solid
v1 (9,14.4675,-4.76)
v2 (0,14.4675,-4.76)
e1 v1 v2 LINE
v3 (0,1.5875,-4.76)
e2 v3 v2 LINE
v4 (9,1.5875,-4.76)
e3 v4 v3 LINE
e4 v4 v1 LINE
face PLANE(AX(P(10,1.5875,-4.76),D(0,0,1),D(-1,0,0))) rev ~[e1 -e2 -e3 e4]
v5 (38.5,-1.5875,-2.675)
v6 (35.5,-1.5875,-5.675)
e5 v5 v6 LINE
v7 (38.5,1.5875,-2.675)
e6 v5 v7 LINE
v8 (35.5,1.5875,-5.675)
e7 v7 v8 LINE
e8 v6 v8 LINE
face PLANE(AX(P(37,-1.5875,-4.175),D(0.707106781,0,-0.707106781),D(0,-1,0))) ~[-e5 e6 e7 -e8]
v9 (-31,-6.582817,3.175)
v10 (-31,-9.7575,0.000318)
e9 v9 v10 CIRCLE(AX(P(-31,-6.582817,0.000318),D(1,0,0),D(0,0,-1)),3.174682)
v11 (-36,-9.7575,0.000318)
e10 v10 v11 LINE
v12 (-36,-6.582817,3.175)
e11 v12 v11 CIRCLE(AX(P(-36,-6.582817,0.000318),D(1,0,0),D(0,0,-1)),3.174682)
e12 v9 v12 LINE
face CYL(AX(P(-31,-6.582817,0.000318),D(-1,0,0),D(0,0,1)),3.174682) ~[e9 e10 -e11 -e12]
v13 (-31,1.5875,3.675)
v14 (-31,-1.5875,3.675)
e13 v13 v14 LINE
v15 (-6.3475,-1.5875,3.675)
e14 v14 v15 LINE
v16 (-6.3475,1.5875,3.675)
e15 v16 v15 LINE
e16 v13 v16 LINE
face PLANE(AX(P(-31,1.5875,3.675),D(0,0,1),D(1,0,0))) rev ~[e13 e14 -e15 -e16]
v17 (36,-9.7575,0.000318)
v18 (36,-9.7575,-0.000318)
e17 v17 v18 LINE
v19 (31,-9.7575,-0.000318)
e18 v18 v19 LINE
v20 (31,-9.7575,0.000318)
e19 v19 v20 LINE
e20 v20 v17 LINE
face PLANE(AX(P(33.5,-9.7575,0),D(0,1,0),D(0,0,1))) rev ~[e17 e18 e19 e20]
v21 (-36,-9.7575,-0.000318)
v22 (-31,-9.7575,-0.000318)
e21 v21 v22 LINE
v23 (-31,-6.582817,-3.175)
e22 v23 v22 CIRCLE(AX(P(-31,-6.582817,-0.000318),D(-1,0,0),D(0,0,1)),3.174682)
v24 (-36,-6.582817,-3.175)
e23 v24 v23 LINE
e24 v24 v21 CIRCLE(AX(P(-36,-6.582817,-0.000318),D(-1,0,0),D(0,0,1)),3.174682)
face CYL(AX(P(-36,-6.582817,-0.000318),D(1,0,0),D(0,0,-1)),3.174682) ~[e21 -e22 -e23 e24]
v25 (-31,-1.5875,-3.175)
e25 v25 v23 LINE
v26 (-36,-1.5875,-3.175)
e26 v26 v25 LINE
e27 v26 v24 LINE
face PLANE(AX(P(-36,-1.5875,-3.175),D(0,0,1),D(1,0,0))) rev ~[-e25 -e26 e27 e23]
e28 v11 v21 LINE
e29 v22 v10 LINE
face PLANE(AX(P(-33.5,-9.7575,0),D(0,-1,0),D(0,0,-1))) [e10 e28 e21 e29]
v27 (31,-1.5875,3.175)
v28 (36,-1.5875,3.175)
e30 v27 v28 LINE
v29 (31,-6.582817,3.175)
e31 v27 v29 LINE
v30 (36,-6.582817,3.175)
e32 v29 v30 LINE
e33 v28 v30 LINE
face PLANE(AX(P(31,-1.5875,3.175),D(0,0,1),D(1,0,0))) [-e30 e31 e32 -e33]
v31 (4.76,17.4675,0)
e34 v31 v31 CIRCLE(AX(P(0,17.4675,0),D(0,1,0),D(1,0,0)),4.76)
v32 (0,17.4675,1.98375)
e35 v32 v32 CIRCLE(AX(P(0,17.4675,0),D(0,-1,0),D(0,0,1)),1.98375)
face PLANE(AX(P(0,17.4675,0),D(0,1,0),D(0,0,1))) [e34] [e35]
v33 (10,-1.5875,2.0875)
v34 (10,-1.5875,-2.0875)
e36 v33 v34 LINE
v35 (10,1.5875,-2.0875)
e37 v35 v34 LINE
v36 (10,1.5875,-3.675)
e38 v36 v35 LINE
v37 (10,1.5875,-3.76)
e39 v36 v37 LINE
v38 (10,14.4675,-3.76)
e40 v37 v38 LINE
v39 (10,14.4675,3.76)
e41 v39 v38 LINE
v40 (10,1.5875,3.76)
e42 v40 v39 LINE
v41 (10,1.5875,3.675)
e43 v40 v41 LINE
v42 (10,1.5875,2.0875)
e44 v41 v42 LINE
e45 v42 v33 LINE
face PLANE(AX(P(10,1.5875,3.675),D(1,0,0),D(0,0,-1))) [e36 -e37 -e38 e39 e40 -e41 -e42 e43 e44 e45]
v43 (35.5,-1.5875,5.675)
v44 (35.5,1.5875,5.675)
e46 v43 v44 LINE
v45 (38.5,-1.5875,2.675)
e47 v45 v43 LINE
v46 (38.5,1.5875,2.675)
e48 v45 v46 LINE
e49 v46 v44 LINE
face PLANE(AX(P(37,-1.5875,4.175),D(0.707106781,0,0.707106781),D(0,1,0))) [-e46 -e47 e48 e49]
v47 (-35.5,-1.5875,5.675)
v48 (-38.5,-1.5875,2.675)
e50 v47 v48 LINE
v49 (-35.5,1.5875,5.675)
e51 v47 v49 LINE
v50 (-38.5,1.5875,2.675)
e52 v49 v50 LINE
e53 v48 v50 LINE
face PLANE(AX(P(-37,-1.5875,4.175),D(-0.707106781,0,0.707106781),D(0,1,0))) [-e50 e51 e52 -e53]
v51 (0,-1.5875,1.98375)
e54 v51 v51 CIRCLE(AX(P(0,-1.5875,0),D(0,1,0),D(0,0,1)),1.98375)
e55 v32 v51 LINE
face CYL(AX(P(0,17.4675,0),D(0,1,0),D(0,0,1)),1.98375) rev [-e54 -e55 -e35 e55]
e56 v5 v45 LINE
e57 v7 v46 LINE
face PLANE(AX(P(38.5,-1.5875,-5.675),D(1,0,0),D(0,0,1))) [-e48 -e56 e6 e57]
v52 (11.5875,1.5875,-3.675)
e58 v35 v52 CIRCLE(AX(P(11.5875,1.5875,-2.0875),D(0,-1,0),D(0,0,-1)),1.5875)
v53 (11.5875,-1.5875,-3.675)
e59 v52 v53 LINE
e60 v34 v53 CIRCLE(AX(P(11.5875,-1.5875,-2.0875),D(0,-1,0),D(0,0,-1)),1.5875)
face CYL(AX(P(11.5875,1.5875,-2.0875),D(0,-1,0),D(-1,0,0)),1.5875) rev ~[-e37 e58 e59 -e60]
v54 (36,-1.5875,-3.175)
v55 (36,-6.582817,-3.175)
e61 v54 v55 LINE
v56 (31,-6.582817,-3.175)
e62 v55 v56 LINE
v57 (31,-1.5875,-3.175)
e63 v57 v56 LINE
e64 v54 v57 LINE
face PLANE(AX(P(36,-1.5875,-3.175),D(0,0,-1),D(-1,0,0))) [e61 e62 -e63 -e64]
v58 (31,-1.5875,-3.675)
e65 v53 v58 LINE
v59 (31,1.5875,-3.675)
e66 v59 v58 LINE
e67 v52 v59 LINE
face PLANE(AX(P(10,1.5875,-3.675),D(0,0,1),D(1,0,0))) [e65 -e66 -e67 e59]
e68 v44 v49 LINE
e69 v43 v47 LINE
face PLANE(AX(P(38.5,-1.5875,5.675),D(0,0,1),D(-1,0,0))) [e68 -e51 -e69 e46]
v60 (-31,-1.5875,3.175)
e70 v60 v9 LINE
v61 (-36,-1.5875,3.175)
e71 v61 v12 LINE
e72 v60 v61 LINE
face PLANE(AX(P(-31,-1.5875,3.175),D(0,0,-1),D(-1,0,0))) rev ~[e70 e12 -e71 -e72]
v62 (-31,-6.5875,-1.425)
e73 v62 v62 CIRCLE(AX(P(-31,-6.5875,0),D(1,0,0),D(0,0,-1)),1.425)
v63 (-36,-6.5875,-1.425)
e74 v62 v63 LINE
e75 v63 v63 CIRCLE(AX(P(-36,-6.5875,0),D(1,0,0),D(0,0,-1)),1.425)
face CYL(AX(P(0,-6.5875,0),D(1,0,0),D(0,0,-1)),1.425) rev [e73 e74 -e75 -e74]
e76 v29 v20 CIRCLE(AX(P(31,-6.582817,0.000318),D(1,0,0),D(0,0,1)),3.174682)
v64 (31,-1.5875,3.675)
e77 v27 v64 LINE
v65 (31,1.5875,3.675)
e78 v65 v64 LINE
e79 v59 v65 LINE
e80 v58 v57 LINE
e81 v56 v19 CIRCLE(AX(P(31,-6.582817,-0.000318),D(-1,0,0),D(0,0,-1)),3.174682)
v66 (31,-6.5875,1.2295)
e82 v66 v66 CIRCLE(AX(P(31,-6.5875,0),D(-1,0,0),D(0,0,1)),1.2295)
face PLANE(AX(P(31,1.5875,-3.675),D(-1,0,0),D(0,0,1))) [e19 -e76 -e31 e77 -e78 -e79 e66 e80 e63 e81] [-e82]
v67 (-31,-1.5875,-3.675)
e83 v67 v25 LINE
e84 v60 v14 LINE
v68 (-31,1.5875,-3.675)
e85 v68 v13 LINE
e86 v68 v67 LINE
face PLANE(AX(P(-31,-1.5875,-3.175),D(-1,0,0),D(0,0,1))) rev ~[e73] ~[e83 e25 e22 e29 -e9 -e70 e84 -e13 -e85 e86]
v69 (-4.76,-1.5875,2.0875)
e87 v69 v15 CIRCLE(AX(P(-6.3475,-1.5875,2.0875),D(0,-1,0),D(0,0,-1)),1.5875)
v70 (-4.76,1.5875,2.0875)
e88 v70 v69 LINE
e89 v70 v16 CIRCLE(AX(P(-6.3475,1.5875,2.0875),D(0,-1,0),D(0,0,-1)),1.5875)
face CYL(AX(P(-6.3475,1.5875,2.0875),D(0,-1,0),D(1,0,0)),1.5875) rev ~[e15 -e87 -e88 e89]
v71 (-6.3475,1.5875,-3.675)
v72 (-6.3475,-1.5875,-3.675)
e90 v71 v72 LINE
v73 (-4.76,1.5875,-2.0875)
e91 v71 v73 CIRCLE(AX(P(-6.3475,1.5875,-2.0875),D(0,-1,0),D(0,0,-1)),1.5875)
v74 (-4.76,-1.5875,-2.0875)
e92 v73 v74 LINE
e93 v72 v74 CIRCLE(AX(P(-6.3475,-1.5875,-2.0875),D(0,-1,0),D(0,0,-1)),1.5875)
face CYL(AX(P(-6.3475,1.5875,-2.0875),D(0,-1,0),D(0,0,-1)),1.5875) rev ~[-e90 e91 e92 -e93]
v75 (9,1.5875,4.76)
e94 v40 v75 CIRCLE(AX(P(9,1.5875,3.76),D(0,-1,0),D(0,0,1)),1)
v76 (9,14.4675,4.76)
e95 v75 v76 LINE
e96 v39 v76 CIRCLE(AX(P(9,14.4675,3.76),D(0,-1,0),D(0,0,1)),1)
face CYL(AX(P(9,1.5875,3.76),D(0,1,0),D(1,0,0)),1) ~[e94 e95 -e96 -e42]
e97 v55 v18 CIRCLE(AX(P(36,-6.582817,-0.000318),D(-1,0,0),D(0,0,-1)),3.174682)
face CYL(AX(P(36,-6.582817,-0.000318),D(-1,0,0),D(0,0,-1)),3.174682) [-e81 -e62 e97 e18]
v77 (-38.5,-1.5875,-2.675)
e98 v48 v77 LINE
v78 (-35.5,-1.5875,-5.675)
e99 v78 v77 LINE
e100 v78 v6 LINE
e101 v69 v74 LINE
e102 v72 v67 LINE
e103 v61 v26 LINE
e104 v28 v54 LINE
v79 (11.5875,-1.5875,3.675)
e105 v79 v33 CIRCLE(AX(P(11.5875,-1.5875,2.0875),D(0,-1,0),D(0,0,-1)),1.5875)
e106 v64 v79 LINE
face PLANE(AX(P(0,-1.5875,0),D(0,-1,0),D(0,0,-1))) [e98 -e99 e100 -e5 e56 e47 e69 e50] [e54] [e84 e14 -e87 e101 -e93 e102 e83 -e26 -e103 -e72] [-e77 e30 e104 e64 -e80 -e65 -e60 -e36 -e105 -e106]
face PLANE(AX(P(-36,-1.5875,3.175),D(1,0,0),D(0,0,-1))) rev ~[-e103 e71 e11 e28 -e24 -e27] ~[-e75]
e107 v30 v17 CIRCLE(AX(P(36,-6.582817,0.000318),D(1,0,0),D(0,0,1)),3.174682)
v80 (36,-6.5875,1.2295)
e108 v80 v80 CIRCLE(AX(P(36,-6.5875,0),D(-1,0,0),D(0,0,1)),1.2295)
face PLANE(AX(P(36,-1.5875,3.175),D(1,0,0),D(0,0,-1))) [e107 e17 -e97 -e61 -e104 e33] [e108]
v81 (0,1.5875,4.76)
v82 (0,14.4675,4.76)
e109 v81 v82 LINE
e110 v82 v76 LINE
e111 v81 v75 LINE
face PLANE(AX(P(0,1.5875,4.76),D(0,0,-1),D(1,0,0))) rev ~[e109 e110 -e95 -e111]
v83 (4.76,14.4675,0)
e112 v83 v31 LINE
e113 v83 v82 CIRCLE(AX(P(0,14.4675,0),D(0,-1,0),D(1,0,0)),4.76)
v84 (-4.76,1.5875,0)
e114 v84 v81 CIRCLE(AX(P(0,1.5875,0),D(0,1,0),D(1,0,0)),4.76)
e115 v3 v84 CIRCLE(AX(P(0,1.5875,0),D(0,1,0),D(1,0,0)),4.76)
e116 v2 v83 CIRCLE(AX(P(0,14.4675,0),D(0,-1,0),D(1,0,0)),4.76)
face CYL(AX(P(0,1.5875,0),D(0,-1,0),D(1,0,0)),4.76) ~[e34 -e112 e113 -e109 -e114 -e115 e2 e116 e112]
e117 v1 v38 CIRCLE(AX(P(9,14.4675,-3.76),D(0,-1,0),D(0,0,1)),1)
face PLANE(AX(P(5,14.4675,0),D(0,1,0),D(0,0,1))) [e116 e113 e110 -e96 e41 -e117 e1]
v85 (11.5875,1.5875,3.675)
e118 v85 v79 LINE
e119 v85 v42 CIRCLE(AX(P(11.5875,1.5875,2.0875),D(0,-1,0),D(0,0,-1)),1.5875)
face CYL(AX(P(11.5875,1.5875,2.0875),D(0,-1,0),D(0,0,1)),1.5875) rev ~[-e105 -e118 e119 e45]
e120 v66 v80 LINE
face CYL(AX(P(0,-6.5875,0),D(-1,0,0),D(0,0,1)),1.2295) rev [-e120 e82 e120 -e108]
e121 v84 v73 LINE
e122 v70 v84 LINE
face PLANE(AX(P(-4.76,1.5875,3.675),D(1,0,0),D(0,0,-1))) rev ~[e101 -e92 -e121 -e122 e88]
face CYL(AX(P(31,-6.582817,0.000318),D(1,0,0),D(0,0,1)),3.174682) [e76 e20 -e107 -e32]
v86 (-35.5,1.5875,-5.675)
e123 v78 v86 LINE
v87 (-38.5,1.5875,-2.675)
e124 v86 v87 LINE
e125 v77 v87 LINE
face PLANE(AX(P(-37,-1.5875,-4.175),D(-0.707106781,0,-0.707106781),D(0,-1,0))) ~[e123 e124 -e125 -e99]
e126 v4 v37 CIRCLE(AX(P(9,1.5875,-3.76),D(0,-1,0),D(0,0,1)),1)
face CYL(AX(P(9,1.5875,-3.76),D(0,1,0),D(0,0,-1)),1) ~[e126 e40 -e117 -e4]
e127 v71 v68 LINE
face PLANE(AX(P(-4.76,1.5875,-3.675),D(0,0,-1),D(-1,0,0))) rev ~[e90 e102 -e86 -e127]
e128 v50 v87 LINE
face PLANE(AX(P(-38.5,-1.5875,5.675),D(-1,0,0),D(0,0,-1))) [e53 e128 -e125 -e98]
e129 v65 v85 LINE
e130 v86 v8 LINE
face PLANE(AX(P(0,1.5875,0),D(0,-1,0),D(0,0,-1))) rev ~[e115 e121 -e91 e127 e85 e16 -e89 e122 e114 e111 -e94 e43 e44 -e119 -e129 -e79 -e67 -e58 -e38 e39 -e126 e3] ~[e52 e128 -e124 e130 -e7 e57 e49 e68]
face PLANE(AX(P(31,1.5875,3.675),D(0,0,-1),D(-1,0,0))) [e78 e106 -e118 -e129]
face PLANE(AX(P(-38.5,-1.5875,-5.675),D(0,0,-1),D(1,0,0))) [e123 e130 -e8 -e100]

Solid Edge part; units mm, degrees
sketch "Sketch1" plane through (0, 0, 0) normal (0, -1, 0) x (1, 0, 0)
  line L0 (-41, -7.5) -> (41, -7.5)
  line L1 (41, -7.5) -> (41, 7.5)
  line L2 (41, 7.5) -> (-41, 7.5)
  line L3 (-41, 7.5) -> (-41, -7.5)
  dimension "D1" = 82
  dimension "D2" = 15
extrude "Protrusion1" add sketch "Sketch1" along normal mid plane 3.175
sketch "Sketch2" plane through (0, -1.5875, 0) normal (0, -1, 0) x (1, 0, 0)
  line L0 (-36, -3.175) -> (-31, -3.175)
  line L1 (-31, -3.175) -> (-31, 3.175)
  line L2 (-31, 3.175) -> (-36, 3.175)
  line L3 (-36, 3.175) -> (-36, -3.175)
  line L4 (36, -3.175) -> (31, -3.175)
  line L5 (31, -3.175) -> (31, 3.175)
  line L6 (31, 3.175) -> (36, 3.175)
  line L7 (36, 3.175) -> (36, -3.175)
  dimension "D1" = 5
  dimension "D2" = 6.35
  dimension "D3" = 31
extrude "ExtrudedProtrusion_2" add sketch "Sketch2" along normal blind 8.17
extrude "Cutout1" [suppressed]
hole "Hole_1" at (0, -6.5875, 0) direction (-1, 0, 0) diameter 2.85 end through all thread major 3.5 thread length 2
hole "Hole_2" at (0, -6.5875, 0) direction (1, 0, 0) diameter 2.459 end through all thread major 3 thread length 2
sketch "Sketch3" plane through (0, 1.5875, 0) normal (0, 1, 0) x (1, 0, 0)
  circle A0 centre (0, 0) radius 4.76
extrude "ExtrudedProtrusion_3" add sketch "Sketch3" along normal blind 15.88
sketch "Sketch4" plane through (0, 1.5875, 0) normal (0, 1, 0) x (1, 0, 0)
  line L0 (10, 4.76) -> (0, 4.76)
  line L1 (0, 4.76) -> (0, -4.76)
  line L2 (0, -4.76) -> (10, -4.76)
  line L3 (10, -4.76) -> (10, 4.76)
  dimension "D1" = 10
  dimension "D2" = 9.52
  dimension "D3" = 4.76
extrude "ExtrudedProtrusion_4" add sketch "Sketch4" along normal blind 12.88
fillet "Round_1" radius 1 2 edges at (10, 8.0275, -4.76) (10, 8.0275, 4.76)
hole "Hole_3" at (0, 17.4675, 0) direction (0, -1, 0) diameter 3.9675 end through all thread major 4.826 thread length 2
chamfer "Chamfer_1" distance 3 angle 45 4 edges at (41, 0, 7.5) (41, 0, -7.5) (-41, 0, 7.5) (-41, 0, -7.5)
fillet "Round_2" radius 3.175 4 edges at (-33.5, -9.7575, -3.175) (-33.5, -9.7575, 3.175) (33.5, -9.7575, 3.175) (33.5, -9.7575, -3.175)
sketch "Sketch5" plane through (0, -1.5875, 0) normal (0, -1, 0) x (1, 0, 0)
  line L0 (-38.5, -5.675) -> (38.5, -5.675)
  line L1 (38.5, -5.675) -> (38.5, 5.675)
  line L2 (38.5, 5.675) -> (-38.5, 5.675)
  line L3 (-38.5, 5.675) -> (-38.5, -5.675)
  line L4 (43.8094, 8.6849) -> (-43.8094, 8.6849)
  line L5 (-43.8094, 8.6849) -> (-43.8094, -8.6849)
  line L6 (-43.8094, -8.6849) -> (43.8094, -8.6849)
  line L7 (43.8094, -8.6849) -> (43.8094, 8.6849)
extrude "Cutout2" cut sketch "Sketch5" against normal up to surface (3.175 mm away)
sketch "Sketch6" plane through (0, 1.5875, 0) normal (0, 1, 0) x (-1, 0, 0)
  line L0 (31, 3.675) -> (4.76, 3.675)
  line L1 (4.76, 3.675) -> (4.76, -3.675)
  line L2 (4.76, -3.675) -> (31, -3.675)
  line L3 (31, -3.675) -> (31, 3.675)
  line L4 (-31, 3.675) -> (-10, 3.675)
  line L5 (-10, 3.675) -> (-10, -3.675)
  line L6 (-10, -3.675) -> (-31, -3.675)
  line L7 (-31, -3.675) -> (-31, 3.675)
  dimension "D1" = 2
  dimension "D2" = 2
  dimension "D3" = 2
  dimension "D4" = 2
extrude "Cutout3" cut sketch "Sketch6" against normal up to surface (3.175 mm away)
fillet "Round_5" radius 1.5875 4 edges at (10, 0, -3.675) (10, 0, 3.675) (-4.76, 0, -3.675) (-4.76, 0, 3.675)
chamfer "Chamfer_2" distance 3 angle 45 4 edges at (38.5, 0, -5.675) (38.5, 0, 5.675) (-38.5, 0, 5.675) (-38.5, 0, -5.675)
properties material "Aluminium, 6061-T6"
